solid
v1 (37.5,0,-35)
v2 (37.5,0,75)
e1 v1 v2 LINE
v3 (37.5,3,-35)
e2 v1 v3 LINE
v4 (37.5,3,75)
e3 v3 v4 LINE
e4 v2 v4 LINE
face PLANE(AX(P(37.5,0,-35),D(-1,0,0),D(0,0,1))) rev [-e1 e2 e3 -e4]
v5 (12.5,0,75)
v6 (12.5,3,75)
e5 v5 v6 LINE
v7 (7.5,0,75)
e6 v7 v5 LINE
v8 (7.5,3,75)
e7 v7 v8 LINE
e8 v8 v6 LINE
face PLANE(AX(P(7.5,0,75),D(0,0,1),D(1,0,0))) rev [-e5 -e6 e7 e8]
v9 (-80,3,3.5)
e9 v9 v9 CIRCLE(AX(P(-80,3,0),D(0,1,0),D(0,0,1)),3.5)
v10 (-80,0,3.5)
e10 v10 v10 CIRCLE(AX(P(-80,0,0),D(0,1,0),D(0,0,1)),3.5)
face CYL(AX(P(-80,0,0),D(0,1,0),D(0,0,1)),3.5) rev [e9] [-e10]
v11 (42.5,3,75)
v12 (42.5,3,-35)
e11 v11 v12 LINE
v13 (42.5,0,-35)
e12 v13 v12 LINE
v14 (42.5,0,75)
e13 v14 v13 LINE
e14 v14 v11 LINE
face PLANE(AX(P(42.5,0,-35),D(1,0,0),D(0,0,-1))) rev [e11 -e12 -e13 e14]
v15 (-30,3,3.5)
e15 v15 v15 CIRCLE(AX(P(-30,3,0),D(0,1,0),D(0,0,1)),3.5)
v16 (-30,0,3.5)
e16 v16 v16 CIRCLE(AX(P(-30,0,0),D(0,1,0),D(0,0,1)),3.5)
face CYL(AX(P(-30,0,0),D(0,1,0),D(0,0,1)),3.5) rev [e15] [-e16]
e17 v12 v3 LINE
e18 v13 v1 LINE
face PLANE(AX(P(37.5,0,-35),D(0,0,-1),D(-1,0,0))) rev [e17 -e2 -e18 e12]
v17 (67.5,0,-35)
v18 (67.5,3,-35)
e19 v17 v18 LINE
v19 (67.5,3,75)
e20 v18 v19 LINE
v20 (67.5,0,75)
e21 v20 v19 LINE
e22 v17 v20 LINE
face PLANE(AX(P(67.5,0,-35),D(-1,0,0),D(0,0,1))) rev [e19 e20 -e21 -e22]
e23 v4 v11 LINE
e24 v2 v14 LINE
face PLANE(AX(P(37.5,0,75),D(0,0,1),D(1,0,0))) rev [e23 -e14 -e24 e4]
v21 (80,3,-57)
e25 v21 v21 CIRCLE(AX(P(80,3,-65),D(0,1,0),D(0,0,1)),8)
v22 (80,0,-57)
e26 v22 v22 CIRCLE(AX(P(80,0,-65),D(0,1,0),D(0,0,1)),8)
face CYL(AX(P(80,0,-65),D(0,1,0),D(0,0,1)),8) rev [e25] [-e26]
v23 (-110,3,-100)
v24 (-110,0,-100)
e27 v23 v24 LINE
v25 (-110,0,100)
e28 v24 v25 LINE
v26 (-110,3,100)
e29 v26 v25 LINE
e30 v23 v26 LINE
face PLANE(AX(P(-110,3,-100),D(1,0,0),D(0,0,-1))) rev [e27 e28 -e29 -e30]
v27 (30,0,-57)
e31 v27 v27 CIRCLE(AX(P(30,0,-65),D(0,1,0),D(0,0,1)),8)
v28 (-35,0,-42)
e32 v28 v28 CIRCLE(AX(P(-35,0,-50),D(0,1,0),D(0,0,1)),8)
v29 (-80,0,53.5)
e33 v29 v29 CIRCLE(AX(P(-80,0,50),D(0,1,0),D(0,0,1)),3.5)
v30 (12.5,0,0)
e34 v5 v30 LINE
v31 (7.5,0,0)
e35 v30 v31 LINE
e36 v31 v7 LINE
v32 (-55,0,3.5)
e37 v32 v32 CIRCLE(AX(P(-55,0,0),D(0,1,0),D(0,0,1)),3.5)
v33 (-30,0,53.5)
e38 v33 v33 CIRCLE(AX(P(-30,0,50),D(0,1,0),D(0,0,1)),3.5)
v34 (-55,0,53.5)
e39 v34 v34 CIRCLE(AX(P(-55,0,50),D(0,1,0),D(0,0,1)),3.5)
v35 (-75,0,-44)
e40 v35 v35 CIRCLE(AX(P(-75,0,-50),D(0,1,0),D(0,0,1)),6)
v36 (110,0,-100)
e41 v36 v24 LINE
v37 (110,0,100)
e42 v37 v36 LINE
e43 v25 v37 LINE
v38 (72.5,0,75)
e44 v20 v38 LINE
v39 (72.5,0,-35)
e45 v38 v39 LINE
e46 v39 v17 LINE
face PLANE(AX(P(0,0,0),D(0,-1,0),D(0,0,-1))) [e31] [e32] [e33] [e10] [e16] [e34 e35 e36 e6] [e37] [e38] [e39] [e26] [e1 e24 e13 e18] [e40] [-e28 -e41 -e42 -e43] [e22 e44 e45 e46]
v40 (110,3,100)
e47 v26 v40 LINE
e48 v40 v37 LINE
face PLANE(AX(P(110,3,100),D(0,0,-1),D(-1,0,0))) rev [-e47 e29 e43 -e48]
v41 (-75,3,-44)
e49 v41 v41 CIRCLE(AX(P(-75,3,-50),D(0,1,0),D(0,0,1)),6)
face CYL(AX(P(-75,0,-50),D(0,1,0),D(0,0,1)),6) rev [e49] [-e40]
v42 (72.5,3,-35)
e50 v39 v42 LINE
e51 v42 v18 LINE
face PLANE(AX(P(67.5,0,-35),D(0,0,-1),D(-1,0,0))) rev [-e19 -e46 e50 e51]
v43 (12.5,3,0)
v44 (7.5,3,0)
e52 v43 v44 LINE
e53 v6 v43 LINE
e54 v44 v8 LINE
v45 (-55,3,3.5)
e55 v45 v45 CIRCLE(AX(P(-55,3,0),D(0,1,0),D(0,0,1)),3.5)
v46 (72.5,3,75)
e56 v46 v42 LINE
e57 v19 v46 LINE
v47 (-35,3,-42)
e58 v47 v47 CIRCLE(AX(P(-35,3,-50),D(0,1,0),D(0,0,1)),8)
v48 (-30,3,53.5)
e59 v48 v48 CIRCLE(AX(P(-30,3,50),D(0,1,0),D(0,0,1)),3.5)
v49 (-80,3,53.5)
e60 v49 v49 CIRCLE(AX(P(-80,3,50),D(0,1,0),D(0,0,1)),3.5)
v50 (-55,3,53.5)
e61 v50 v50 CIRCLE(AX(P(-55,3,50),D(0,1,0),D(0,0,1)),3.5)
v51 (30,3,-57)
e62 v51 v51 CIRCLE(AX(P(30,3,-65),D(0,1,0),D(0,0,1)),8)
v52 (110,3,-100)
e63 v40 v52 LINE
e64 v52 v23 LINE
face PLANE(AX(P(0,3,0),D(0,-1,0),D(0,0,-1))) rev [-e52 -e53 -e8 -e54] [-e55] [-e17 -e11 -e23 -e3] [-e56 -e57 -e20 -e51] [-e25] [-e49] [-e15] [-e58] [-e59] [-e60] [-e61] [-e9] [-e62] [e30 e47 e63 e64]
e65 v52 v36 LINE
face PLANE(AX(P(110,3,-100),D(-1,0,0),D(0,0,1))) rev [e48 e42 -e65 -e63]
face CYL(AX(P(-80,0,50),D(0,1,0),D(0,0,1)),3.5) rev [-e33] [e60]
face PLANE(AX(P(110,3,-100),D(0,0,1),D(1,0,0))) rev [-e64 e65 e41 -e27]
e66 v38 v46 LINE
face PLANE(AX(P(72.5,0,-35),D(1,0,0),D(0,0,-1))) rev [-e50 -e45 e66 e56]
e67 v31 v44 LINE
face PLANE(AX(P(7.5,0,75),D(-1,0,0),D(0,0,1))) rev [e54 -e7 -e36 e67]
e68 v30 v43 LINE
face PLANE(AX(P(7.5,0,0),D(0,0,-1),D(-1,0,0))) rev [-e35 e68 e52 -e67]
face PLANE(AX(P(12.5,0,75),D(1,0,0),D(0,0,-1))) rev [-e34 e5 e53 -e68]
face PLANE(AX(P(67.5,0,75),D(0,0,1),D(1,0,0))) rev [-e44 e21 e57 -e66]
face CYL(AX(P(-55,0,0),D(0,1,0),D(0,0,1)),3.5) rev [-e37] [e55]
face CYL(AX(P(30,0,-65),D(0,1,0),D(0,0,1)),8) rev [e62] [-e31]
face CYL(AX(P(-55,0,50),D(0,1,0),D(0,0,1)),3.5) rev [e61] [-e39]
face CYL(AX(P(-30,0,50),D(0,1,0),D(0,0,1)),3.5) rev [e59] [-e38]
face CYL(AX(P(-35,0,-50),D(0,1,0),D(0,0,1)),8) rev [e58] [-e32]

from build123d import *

# Parameters (mm, degrees)
ESBO_O2_W                = 220
ESBO_O2_H                = 200
RESSALTO_EXTRUS_O1_DEPTH = 3
ESBO_O3_R                = 3.5
ESBO_O3_R_2              = 6
ESBO_O3_R_3              = 8
ESBO_O3_W                = 5
ESBO_O3_H                = 110
ESBO_O3_H_2              = 75
CORTE_EXTRUS_O1_DEPTH    = 149.690954668


with BuildPart() as part:
    # Esboço2 → Ressalto-extrusão1 (new body)
    with BuildSketch(Plane(origin=(0, 0, 0), x_dir=(1, 0, 0), z_dir=(0, 1, 0))):
        Rectangle(ESBO_O2_W, ESBO_O2_H)
    extrude(amount=RESSALTO_EXTRUS_O1_DEPTH)

    # Esboço3 → Corte-extrusão1 (cut, through all)
    with BuildSketch(Plane(origin=(0, 3, 0), x_dir=(1, 0, 0), z_dir=(0, 1, 0))):
        with Locations(Location((-80, 0, 0), (0, 0, 270))):
            Circle(ESBO_O3_R)
        with Locations(Location((-55, 0, 0), (0, 0, 270))):
            Circle(ESBO_O3_R)
        with Locations(Location((-30, 0, 0), (0, 0, 270))):
            Circle(ESBO_O3_R)
        with Locations(Location((-80, -50, 0), (0, 0, 270))):
            Circle(ESBO_O3_R)
        with Locations(Location((-55, -50, 0), (0, 0, 270))):
            Circle(ESBO_O3_R)
        with Locations(Location((-30, -50, 0), (0, 0, 270))):
            Circle(ESBO_O3_R)
        with Locations(Location((-75, 50, 0), (0, 0, 270))):
            Circle(ESBO_O3_R_2)
        with Locations(Location((-35, 50, 0), (0, 0, 270))):
            Circle(ESBO_O3_R_3)
        with Locations(Location((30, 65, 0), (0, 0, 270))):
            Circle(ESBO_O3_R_3)
        with Locations(Location((80, 65, 0), (0, 0, 270))):
            Circle(ESBO_O3_R_3)
        with Locations((70, -20)):
            Rectangle(ESBO_O3_W, ESBO_O3_H)
        with Locations((40, -20)):
            Rectangle(ESBO_O3_W, ESBO_O3_H)
        with Locations((10, -37.5)):
            Rectangle(ESBO_O3_W, ESBO_O3_H_2)
    extrude(amount=-CORTE_EXTRUS_O1_DEPTH, mode=Mode.SUBTRACT)


solid = part.part
